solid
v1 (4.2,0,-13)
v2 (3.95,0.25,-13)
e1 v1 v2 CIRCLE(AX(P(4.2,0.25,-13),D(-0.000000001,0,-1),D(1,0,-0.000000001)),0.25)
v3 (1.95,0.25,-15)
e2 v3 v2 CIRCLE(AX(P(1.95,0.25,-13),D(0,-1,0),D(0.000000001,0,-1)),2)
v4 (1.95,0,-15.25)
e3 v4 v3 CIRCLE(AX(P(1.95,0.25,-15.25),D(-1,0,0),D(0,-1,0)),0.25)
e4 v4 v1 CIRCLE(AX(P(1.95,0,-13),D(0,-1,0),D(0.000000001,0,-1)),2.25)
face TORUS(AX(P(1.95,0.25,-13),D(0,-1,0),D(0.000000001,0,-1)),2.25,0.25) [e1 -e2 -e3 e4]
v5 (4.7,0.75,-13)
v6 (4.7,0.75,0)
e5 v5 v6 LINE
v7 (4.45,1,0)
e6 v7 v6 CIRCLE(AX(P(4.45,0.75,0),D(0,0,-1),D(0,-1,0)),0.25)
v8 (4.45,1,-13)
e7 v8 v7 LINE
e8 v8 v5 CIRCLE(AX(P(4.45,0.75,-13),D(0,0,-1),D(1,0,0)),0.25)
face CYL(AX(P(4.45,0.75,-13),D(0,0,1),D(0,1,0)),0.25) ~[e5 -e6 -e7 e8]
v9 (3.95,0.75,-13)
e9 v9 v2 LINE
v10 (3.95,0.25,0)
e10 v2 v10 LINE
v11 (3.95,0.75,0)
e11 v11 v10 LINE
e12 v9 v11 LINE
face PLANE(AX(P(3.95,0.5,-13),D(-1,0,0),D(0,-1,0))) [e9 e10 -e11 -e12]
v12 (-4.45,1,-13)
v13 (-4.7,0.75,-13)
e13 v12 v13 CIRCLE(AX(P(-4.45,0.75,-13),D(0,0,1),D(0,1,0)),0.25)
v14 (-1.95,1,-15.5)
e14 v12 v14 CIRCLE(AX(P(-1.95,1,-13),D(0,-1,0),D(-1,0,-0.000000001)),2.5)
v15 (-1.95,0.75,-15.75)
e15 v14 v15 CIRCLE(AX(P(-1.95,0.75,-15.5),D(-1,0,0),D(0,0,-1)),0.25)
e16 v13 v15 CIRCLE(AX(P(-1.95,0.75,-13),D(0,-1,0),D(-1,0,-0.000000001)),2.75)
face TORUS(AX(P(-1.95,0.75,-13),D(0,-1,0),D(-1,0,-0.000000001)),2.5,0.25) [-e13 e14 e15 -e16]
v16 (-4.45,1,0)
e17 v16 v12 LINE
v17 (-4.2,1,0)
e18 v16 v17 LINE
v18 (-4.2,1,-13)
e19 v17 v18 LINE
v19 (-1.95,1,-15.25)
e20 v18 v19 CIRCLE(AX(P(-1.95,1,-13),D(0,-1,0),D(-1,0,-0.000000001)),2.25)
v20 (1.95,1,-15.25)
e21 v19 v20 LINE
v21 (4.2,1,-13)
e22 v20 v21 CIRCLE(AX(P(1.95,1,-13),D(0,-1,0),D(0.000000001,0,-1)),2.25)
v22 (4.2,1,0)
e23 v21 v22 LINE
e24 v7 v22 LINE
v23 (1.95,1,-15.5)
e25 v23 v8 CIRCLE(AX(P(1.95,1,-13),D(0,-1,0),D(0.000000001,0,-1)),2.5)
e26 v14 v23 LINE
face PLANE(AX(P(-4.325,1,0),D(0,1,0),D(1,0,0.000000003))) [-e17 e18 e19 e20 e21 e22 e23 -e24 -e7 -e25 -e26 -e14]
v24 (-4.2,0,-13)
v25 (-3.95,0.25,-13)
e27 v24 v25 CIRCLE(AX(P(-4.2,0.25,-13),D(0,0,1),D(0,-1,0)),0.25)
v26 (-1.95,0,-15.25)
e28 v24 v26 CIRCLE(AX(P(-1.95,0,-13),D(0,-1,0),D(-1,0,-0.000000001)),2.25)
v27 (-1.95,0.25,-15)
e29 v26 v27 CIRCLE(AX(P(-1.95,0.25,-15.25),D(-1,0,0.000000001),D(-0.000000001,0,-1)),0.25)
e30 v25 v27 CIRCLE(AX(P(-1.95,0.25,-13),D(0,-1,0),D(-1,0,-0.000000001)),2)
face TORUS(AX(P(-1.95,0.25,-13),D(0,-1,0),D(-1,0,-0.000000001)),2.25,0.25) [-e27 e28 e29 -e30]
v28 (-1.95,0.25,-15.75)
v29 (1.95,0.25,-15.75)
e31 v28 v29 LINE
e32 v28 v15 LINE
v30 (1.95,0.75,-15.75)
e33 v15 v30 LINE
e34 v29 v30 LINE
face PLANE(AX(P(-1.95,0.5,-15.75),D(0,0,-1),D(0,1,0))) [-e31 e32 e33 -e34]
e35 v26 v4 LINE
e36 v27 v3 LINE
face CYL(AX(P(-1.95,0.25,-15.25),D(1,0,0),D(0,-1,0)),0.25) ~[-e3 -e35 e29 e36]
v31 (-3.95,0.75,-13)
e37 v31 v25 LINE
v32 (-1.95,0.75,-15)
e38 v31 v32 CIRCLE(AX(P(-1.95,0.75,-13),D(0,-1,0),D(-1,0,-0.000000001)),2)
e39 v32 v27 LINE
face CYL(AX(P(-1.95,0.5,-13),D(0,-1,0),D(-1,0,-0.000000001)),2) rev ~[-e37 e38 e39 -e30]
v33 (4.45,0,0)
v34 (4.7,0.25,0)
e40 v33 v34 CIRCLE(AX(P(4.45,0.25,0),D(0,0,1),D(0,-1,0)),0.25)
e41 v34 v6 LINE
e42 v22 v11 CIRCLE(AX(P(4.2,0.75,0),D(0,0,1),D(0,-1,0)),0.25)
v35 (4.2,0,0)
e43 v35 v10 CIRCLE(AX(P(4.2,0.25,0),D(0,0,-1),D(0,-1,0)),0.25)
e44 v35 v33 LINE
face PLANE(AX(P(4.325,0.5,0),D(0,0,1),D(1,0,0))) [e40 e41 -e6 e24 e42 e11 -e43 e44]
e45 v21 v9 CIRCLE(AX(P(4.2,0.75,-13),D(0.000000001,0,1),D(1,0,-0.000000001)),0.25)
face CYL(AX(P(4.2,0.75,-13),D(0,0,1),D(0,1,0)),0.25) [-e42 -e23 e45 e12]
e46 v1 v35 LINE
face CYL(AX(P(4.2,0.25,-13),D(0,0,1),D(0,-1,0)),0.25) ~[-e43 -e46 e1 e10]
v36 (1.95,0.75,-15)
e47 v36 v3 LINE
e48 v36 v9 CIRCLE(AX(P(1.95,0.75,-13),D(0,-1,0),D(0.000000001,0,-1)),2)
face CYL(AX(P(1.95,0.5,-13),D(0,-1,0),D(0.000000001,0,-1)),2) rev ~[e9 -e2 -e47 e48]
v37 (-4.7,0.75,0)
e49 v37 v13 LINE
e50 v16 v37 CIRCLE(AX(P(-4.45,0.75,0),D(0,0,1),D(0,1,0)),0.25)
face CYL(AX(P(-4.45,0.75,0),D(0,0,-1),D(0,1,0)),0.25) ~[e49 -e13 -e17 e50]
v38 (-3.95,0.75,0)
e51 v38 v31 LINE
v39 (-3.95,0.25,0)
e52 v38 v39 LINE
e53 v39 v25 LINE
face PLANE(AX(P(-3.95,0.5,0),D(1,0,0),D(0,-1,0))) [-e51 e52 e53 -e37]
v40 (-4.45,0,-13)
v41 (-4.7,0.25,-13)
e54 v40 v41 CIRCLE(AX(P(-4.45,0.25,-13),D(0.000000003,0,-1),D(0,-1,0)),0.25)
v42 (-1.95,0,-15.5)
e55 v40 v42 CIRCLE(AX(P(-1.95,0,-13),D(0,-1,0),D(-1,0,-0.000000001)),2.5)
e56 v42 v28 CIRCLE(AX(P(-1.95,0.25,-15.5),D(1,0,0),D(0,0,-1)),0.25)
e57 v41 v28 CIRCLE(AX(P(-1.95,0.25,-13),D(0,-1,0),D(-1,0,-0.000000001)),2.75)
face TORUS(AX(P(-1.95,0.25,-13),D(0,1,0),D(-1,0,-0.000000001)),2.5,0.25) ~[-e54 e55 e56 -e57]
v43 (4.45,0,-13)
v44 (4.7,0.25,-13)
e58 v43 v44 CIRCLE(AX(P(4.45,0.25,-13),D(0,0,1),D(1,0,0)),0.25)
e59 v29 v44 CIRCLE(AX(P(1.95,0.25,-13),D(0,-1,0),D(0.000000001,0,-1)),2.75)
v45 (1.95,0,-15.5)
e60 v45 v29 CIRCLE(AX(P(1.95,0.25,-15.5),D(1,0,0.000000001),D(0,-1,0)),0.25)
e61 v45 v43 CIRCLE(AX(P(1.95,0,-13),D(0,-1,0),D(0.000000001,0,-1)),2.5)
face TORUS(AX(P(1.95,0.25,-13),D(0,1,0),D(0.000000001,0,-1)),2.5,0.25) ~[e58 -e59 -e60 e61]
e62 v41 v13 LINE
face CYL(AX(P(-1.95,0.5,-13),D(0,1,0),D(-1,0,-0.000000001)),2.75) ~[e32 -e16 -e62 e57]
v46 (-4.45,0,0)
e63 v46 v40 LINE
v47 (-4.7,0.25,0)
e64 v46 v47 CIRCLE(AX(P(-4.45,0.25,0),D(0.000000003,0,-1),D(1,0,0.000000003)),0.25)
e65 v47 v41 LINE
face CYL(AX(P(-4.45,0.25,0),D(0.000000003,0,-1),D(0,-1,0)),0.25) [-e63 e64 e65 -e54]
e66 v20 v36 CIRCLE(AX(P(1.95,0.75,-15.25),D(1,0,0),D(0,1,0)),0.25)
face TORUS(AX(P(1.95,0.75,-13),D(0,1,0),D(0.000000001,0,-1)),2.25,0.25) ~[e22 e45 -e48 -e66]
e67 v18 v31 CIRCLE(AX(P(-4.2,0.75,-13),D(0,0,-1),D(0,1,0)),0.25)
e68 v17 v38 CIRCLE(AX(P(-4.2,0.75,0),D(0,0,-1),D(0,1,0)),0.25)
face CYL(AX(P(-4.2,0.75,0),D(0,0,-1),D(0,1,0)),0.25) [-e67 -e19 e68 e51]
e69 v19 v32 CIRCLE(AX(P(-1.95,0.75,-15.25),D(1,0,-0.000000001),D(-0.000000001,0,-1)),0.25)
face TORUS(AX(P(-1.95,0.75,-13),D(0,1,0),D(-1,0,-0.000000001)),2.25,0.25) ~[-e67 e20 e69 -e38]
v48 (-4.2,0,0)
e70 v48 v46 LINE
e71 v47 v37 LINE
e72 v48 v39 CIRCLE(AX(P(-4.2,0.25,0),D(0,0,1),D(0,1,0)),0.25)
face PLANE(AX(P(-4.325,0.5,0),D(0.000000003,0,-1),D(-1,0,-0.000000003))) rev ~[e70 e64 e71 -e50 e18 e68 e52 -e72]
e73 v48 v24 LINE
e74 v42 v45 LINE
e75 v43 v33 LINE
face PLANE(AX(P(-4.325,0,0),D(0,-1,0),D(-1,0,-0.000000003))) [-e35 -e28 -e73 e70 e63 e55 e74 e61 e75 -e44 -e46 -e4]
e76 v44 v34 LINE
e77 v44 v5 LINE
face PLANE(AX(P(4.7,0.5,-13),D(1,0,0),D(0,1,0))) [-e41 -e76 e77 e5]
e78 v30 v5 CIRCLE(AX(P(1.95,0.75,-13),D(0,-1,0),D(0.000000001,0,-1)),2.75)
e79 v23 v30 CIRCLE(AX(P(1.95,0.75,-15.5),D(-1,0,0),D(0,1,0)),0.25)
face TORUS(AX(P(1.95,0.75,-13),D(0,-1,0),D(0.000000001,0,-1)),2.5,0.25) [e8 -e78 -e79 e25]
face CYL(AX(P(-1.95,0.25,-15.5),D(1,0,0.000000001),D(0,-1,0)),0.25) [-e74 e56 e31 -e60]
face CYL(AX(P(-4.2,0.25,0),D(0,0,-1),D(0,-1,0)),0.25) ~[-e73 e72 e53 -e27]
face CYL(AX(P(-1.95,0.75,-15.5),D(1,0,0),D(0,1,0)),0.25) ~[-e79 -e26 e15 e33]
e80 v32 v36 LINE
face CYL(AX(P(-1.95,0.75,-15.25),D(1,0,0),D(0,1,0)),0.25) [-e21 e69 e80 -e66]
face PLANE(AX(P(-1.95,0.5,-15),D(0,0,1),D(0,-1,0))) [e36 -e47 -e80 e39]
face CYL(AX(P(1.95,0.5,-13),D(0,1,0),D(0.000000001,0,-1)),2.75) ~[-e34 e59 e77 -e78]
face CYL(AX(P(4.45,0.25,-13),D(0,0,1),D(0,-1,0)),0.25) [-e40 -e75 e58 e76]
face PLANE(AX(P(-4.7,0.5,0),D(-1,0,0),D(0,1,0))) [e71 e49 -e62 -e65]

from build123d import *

# Parameters (mm, degrees)
SKETCH2_W = 0.75
SKETCH2_H = 1
FILLET1_R = 0.25


with BuildPart() as part:
    # Sweep1: sweep along a path in Sketch1
    with BuildLine(Plane(origin=(0, 0, 0), x_dir=(1, 0, 0), z_dir=(0, 1, 0))) as sweep1_path:
        Line((-3.95, 0), (-3.95, 13))
        ThreePointArc((-3.95, 13), (-3.364213562, 14.414213562), (-1.95, 15))
        Line((-1.95, 15), (1.95, 15))
        ThreePointArc((1.95, 15), (3.364213562, 14.414213562), (3.95, 13))
        Line((3.95, 13), (3.95, 0))
    # Sketch2 → Sweep1 (sweep)
    with BuildSketch(Plane.XY):
        with Locations((4.325, 0.5)):
            Rectangle(SKETCH2_W, SKETCH2_H)
    sweep(path=sweep1_path.line)

    # Fillet1
    fillet1_edges = [part.edges().sort_by_distance(p)[0] for p in [
        (4.7, 1, -6.5),
        (3.95, 1, -6.5),
        (3.95, 0, -6.5),
        (-4.7, 0, -6.5),
        (-4.7, 1, -6.5),
        (-3.95, 1, -6.5),
        (-3.95, 0, -6.5),
        (-3.894543648, 0, -14.944543648),
        (-3.894543648, 1, -14.944543648),
        (-3.364213562, 1, -14.414213562),
        (-3.364213562, 0, -14.414213562),
        (0, 0, -15.75),
        (0, 1, -15.75),
        (0, 1, -15),
        (0, 0, -15),
        (3.894543648, 0, -14.944543648),
        (3.894543648, 1, -14.944543648),
        (3.364213562, 1, -14.414213562),
        (3.364213562, 0, -14.414213562),
        (4.7, 0, -6.5),
    ]]
    fillet(fillet1_edges, radius=FILLET1_R)


solid = part.part
